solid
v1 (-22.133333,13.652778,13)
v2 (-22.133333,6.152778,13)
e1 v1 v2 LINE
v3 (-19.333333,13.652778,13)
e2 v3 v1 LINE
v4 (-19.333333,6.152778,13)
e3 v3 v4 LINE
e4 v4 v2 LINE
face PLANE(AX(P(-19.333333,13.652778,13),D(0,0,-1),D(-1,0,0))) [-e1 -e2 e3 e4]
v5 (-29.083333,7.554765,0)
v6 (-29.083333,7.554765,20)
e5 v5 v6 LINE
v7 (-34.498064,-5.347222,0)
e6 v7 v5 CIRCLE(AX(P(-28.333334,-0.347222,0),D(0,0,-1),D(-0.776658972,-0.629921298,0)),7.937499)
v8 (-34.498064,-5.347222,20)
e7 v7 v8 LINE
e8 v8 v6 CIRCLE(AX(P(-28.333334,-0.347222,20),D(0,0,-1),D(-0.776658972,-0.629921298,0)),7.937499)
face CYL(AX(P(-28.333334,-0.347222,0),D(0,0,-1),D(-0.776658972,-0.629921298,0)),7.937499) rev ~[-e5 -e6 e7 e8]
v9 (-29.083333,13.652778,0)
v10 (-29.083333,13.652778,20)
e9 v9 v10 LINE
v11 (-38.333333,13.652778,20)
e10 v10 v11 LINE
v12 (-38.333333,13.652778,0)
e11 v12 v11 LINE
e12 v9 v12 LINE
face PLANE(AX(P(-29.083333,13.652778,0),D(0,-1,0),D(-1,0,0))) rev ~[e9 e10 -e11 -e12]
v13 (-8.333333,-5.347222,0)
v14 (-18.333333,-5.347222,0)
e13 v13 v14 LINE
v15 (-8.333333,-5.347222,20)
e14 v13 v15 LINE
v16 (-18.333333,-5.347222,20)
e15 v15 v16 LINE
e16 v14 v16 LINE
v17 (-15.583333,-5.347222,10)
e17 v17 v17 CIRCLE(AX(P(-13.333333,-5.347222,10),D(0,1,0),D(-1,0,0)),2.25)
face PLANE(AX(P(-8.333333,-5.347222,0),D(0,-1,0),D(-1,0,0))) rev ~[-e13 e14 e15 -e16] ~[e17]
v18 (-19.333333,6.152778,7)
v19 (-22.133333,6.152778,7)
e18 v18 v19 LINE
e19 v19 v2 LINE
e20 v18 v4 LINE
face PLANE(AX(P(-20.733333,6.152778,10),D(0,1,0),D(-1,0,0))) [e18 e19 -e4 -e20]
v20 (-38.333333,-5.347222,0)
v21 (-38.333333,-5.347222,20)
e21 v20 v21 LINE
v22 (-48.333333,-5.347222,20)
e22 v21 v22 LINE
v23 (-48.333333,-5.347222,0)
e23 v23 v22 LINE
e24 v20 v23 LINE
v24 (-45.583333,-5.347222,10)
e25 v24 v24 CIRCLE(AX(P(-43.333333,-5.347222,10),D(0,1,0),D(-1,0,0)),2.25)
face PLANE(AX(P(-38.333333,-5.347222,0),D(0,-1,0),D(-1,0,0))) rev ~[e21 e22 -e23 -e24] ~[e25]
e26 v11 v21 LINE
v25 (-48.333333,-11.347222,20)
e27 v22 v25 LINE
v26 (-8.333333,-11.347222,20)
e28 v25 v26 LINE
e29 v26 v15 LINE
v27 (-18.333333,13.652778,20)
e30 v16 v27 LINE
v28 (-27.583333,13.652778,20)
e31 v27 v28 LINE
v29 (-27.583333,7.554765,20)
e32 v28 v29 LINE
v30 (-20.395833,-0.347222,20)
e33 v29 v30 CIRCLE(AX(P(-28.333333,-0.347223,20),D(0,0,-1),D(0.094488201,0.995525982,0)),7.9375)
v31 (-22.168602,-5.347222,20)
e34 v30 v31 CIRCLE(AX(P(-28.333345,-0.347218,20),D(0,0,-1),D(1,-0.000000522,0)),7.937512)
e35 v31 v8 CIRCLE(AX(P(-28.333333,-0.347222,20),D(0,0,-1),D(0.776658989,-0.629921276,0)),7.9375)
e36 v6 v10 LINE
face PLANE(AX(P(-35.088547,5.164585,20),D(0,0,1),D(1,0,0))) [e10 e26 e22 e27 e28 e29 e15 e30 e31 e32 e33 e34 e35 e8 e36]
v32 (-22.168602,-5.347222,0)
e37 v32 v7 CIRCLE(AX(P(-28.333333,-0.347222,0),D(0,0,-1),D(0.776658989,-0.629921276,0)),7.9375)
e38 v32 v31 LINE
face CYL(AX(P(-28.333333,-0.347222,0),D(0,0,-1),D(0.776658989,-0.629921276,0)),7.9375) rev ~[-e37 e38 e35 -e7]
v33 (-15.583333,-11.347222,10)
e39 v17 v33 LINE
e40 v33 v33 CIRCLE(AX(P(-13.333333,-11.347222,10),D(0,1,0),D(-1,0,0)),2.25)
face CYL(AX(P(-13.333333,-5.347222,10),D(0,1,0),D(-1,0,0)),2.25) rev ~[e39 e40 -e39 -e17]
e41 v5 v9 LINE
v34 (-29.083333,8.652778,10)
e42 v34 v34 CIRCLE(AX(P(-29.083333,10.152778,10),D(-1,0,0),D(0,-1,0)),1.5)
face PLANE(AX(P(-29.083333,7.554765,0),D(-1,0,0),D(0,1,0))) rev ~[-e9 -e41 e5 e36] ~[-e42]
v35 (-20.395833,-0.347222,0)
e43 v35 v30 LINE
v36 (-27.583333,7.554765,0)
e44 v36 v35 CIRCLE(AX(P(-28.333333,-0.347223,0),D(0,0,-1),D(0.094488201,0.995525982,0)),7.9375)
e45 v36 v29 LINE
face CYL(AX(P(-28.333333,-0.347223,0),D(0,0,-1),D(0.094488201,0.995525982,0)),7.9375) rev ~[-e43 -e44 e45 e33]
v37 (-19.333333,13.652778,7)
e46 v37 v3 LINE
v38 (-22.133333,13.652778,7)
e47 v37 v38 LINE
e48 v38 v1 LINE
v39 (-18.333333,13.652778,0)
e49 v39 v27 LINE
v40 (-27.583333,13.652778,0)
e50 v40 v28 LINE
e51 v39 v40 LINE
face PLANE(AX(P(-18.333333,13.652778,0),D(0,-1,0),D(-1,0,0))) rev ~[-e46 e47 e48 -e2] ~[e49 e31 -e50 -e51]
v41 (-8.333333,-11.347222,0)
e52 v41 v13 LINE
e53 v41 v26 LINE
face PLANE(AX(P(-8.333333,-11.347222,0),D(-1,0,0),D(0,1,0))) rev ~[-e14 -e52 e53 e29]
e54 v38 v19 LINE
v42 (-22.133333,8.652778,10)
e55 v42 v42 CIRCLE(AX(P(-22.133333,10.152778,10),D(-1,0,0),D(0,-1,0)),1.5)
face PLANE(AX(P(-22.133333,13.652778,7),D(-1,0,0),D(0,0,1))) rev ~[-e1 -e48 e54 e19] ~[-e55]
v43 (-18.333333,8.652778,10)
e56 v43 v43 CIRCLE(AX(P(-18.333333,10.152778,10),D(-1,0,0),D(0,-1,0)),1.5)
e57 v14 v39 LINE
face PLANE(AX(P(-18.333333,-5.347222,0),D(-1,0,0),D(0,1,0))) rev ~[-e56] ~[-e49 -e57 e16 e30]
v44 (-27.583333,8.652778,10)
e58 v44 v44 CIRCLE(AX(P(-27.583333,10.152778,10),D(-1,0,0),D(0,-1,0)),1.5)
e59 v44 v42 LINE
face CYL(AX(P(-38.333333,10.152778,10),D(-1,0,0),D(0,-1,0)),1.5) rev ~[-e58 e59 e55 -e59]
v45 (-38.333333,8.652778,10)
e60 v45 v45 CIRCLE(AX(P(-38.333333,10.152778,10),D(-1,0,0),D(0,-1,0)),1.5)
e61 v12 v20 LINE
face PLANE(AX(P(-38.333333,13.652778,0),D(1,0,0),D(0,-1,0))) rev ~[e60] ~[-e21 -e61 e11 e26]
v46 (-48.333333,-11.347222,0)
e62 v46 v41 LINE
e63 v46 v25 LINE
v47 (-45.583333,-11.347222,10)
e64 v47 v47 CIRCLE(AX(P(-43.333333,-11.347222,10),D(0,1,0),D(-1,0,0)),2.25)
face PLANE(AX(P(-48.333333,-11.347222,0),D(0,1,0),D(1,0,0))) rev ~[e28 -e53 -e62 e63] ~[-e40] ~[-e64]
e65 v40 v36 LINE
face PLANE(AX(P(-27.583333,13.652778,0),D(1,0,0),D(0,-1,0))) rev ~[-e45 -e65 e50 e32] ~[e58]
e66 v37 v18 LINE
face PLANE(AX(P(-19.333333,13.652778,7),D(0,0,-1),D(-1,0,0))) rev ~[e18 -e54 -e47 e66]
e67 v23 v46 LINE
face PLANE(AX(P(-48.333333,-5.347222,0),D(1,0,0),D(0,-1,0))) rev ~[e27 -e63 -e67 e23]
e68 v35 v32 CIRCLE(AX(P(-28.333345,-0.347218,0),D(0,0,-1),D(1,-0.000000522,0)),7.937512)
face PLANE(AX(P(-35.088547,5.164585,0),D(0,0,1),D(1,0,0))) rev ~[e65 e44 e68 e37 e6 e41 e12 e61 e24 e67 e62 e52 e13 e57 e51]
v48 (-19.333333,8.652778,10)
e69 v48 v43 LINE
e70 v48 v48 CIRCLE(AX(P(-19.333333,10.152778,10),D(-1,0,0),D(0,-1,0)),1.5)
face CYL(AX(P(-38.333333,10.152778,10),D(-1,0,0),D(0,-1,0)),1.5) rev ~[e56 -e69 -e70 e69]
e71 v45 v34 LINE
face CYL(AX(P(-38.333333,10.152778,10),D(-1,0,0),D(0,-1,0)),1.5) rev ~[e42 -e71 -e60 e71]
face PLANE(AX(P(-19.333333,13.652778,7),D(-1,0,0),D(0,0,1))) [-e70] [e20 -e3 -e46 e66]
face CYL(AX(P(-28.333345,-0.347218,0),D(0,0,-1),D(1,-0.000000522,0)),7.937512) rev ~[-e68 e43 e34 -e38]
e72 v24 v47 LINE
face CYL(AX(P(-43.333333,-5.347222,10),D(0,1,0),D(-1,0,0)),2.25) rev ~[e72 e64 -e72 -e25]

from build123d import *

# Parameters (mm, degrees)
F1_DEPTH = 20
F2_R     = 1.5
F3_DEPTH = 20
F4_W     = 2.8
F4_H     = 6
F5_DEPTH = 7.5
F6_R     = 2.25
F7_DEPTH = 6


with BuildPart() as f1:
    # F0 (on Top) → F1 (new body)
    with BuildSketch(Plane.XY):
        with BuildLine():
            Line((-38.333333, 13.652778), (-38.333333, -5.347222))
            Line((-38.333333, -5.347222), (-34.498064, -5.347222))
            ThreePointArc((-34.498064, -5.347222), (-35.652397, 2.724457), (-29.083333, 7.554765))
            Line((-29.083333, 7.554765), (-29.083333, 13.652778))
            Line((-29.083333, 13.652778), (-38.333333, 13.652778))
        make_face()
        with BuildLine():
            Line((-48.333333, -5.347222), (-48.333333, -11.347222))
            Line((-48.333333, -11.347222), (-8.333333, -11.347222))
            Line((-8.333333, -11.347222), (-8.333333, -5.347222))
            Line((-8.333333, -5.347222), (-18.333333, -5.347222))
            Line((-18.333333, -5.347222), (-22.168602, -5.347222))
            ThreePointArc((-22.168602, -5.347222), (-28.333333, -8.284722), (-34.498064, -5.347222))
            Line((-34.498064, -5.347222), (-38.333333, -5.347222))
            Line((-38.333333, -5.347222), (-48.333333, -5.347222))
        make_face()
        with BuildLine():
            Line((-22.168602, -5.347222), (-18.333333, -5.347222))
            Line((-18.333333, -5.347222), (-18.333333, 13.652778))
            Line((-18.333333, 13.652778), (-27.583333, 13.652778))
            Line((-27.583333, 13.652778), (-27.583333, 7.554765))
            ThreePointArc((-27.583333, 7.554765), (-22.461492, 4.993694), (-20.395833, -0.347222))
            ThreePointArc((-20.395833, -0.347222), (-20.852142, -2.999707), (-22.168602, -5.347222))
        make_face()
    extrude(amount=F1_DEPTH)

    # F2 (on face) → F3 (cut)
    with BuildSketch(Plane(origin=(-38.333333, 0, 0), x_dir=(0, -1, 0), z_dir=(-1, 0, 0))):
        with Locations((-10.152778, 10)):
            Circle(F2_R)
    extrude(amount=-F3_DEPTH, mode=Mode.SUBTRACT)

    # F4 (on face) → F5 (cut)
    with BuildSketch(Plane(origin=(0, 13.652778, 0), x_dir=(-1, 0, 0), z_dir=(0, 1, 0))):
        with Locations((20.733333, 10)):
            Rectangle(F4_W, F4_H)
    extrude(amount=-F5_DEPTH, mode=Mode.SUBTRACT)

    # F6 (on face) → F7 (cut)
    with BuildSketch(Plane(origin=(0, -5.347222, 0), x_dir=(-1, 0, 0), z_dir=(0, 1, 0))):
        with Locations((43.333333, 10)):
            Circle(F6_R)
        with Locations((13.333333, 10)):
            Circle(F6_R)
    extrude(amount=-F7_DEPTH, mode=Mode.SUBTRACT)


solid = f1.part
